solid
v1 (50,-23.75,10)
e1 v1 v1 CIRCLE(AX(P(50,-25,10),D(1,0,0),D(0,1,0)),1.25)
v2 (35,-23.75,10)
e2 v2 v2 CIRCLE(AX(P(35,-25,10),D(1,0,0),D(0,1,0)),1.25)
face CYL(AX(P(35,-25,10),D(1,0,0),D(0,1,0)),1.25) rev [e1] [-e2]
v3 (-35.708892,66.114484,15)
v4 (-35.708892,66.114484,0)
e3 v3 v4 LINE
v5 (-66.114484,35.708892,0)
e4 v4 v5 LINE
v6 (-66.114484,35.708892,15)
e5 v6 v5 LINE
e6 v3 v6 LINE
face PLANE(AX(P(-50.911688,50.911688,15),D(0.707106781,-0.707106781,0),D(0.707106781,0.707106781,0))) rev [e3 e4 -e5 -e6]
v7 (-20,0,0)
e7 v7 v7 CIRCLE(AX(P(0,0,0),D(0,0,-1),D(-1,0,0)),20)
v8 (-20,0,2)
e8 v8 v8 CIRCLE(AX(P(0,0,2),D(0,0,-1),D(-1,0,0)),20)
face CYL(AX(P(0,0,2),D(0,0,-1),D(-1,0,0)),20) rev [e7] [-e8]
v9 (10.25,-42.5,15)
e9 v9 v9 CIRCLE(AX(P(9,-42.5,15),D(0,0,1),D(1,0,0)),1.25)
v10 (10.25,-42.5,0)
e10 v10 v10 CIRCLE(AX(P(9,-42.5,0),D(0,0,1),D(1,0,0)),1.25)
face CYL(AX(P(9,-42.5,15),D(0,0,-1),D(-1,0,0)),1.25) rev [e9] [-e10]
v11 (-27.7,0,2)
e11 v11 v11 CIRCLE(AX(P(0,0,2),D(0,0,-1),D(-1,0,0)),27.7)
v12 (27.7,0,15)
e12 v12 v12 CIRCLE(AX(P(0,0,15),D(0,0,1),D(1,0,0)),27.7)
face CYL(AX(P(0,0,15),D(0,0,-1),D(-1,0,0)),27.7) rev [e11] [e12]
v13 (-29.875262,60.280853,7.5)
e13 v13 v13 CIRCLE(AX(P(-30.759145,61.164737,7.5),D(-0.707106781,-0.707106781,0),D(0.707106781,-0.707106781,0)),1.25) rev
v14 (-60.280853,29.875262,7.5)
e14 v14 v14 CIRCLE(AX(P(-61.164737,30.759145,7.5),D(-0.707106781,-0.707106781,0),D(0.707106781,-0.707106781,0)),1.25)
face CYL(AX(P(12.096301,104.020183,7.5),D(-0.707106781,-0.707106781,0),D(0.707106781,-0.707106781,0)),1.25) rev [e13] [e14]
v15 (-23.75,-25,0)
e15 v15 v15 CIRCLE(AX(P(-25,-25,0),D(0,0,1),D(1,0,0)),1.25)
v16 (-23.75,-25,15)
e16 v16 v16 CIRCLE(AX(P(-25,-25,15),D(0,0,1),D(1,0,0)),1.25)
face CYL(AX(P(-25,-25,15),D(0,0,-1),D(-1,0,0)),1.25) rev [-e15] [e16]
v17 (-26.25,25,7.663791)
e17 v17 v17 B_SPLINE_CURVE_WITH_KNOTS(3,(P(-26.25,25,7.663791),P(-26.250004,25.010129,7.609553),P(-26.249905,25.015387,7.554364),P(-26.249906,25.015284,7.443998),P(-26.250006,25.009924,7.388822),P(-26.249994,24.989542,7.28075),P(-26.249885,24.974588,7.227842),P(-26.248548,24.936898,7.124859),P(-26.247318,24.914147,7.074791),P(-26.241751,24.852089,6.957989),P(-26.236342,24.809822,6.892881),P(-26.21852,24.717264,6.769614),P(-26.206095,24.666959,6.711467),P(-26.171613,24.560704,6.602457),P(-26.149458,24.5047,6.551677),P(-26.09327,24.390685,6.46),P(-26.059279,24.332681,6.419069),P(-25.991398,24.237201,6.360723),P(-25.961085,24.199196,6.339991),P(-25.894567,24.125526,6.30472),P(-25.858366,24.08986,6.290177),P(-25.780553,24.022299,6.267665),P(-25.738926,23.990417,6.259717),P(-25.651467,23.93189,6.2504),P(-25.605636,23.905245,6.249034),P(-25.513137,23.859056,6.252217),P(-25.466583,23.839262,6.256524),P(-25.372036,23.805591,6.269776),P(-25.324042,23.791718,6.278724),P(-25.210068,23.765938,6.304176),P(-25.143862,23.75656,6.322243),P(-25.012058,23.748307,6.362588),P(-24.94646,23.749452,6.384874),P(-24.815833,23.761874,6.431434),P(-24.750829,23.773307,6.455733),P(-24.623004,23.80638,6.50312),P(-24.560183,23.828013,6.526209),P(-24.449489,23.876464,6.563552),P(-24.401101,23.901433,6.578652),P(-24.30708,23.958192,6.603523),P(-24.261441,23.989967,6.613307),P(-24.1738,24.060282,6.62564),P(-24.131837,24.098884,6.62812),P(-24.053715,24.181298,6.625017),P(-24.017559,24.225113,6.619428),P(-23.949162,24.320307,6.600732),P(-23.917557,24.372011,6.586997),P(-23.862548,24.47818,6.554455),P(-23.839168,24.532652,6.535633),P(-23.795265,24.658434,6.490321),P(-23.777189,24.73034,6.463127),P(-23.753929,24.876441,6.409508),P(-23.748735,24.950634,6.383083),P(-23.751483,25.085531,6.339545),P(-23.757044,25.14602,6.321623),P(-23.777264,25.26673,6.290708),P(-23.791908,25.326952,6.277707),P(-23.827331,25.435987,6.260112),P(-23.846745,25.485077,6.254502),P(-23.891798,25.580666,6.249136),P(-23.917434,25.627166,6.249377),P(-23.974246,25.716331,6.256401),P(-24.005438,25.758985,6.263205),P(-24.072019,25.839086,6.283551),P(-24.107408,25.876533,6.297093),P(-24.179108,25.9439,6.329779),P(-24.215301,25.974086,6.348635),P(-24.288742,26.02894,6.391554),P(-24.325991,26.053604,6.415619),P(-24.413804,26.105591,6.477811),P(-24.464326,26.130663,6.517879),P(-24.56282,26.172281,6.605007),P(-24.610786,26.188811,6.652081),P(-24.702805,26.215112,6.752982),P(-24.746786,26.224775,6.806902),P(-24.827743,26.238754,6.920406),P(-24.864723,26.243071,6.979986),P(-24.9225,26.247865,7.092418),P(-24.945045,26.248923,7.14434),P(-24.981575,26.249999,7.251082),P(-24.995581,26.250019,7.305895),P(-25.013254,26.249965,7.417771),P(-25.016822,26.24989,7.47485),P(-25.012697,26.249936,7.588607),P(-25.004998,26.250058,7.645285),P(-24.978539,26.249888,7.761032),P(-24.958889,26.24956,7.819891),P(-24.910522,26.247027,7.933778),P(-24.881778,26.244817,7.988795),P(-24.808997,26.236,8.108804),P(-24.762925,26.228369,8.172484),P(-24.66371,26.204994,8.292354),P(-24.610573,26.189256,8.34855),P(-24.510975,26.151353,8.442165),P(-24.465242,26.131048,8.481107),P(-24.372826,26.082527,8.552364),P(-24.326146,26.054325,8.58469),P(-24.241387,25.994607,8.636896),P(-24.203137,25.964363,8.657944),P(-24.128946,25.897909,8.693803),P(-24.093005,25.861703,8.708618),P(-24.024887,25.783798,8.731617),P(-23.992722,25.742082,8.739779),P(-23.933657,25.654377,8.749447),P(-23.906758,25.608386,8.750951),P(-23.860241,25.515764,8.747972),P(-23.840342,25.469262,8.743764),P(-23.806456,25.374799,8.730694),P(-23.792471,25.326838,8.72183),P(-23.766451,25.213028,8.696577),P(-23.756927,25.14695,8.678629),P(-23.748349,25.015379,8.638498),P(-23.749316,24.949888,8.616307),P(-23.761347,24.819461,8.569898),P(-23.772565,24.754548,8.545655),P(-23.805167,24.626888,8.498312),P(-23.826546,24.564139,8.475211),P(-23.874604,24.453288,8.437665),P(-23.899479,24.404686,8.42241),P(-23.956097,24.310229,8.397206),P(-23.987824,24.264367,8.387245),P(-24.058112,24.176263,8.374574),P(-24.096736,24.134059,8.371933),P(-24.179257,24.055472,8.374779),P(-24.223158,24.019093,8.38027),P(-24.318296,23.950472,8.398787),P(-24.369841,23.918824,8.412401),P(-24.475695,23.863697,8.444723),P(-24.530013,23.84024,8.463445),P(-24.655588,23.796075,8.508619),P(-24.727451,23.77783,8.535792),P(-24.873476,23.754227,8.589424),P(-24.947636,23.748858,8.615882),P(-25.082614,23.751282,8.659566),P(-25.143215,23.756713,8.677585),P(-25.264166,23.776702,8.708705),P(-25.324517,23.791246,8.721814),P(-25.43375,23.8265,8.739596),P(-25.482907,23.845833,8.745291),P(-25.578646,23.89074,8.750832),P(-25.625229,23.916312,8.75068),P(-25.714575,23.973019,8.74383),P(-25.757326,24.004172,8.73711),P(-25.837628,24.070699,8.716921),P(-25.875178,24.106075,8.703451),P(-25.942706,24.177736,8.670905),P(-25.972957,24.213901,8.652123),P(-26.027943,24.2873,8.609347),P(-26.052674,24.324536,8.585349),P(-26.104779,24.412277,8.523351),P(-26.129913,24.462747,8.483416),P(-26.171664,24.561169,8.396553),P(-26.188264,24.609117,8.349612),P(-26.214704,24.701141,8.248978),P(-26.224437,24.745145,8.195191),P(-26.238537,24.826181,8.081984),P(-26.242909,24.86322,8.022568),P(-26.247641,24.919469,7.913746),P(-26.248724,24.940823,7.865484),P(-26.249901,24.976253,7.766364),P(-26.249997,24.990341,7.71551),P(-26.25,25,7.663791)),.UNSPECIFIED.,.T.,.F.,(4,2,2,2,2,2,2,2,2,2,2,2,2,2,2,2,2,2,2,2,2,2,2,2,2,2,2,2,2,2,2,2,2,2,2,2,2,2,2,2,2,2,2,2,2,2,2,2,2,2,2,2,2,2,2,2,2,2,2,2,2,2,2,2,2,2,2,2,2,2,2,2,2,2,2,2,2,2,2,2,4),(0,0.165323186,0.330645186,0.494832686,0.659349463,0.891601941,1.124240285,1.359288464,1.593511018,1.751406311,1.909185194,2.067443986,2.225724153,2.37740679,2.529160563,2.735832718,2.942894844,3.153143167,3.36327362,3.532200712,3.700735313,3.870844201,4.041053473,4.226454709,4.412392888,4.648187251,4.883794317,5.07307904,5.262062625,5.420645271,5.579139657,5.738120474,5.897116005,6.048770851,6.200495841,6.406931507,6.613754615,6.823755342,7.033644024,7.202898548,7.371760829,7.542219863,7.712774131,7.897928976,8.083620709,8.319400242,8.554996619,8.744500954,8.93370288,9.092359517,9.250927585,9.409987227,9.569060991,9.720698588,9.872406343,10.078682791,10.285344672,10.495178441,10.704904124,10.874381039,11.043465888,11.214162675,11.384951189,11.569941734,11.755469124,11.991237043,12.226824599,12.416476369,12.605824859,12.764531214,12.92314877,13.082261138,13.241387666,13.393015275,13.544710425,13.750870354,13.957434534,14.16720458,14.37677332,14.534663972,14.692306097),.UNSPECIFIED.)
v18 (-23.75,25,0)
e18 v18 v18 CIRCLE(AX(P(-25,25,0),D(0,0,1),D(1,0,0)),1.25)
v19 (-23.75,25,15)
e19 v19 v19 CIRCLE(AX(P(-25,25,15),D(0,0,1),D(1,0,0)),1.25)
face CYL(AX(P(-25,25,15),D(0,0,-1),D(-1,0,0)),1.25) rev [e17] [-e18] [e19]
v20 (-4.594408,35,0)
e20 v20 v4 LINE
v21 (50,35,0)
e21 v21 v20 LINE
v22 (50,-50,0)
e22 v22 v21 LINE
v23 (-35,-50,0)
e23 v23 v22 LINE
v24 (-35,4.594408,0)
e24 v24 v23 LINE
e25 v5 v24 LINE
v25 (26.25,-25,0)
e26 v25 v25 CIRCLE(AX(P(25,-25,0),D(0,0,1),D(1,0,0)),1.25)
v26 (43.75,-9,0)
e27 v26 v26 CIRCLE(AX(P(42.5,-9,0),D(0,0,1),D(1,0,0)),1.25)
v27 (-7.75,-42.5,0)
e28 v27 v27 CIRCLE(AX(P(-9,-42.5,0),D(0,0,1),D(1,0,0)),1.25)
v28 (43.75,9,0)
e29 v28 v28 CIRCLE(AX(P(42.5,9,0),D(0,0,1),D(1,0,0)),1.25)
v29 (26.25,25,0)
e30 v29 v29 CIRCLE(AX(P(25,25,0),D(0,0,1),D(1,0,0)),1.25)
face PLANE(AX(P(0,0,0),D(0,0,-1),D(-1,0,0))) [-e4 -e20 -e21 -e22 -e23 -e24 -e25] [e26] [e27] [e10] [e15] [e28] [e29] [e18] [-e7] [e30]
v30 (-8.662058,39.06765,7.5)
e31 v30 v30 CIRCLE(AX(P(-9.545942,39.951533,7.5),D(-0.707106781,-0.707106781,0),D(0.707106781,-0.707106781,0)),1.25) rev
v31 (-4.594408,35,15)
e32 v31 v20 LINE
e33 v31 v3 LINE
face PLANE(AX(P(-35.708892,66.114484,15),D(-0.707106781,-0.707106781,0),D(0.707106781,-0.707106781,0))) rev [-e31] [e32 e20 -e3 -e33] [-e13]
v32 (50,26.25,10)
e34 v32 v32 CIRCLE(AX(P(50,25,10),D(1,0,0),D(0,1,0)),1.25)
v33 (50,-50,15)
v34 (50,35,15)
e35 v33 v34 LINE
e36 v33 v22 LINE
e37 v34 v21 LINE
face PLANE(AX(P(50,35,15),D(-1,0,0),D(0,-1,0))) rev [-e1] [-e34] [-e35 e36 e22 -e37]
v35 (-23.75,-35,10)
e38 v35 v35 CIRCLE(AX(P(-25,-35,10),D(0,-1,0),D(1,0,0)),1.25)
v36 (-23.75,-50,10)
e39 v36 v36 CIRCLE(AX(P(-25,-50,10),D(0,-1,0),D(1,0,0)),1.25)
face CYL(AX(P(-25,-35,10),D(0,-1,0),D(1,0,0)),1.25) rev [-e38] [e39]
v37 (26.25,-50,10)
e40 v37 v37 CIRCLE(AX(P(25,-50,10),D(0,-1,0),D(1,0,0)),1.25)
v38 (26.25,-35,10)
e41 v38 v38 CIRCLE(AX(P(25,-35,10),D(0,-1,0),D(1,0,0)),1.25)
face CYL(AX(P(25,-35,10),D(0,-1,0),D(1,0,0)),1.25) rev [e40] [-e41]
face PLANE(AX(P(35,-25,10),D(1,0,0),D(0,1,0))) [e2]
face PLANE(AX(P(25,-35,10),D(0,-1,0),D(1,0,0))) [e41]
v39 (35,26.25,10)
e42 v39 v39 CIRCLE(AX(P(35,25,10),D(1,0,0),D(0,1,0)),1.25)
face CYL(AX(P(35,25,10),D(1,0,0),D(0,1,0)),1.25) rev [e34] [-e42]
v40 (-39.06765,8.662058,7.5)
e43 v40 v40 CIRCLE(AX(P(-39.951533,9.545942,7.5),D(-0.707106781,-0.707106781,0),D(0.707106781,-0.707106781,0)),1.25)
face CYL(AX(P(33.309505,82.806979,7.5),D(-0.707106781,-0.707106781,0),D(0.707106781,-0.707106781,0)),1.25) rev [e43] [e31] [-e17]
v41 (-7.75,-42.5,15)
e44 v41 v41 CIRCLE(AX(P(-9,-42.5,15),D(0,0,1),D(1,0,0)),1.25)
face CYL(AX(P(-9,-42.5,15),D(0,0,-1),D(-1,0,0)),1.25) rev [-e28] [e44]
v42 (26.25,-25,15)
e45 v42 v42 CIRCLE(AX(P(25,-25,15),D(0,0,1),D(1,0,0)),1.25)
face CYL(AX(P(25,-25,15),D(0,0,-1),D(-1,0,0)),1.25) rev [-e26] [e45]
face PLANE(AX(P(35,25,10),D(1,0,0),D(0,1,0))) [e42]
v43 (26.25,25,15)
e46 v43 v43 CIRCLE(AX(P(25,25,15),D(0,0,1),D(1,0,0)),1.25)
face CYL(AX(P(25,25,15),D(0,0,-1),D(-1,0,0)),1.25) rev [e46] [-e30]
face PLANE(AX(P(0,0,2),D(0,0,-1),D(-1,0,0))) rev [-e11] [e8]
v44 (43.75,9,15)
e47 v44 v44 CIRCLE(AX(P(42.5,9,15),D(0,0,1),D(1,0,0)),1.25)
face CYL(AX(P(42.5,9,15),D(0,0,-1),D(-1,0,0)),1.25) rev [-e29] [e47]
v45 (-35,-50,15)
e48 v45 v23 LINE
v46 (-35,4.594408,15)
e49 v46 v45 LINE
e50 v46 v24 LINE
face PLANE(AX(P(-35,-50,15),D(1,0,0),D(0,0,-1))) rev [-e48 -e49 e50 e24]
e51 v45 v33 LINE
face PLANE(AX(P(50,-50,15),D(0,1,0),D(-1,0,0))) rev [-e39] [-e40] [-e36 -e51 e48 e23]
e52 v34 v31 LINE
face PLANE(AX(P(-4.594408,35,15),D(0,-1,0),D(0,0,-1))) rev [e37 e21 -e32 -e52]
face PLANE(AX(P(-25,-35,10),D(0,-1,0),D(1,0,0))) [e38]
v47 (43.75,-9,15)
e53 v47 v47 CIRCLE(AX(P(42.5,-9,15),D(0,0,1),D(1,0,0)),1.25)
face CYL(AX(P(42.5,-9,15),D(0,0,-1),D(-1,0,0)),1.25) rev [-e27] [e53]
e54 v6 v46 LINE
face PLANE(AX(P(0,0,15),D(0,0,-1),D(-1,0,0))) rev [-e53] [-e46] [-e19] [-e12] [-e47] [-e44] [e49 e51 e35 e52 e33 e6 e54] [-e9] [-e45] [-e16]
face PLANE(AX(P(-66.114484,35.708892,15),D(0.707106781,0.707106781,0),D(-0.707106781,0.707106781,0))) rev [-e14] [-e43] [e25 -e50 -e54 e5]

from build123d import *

# Parameters (mm, degrees)
SKETCH1_R           = 27.7
SKETCH1_R_2         = 1.25
BOSS_EXTRUDE1_DEPTH = 15
CUT_EXTRUDE1_REACH  = 107.304
SKETCH2_R           = 1.25
SKETCH6_R           = 27.7
SKETCH6_R_2         = 20
BOSS_EXTRUDE4_DEPTH = 2
SKETCH7_R           = 1.25
CUT_EXTRUDE2_DEPTH  = 15
SKETCH8_R           = 1.25
CUT_EXTRUDE3_DEPTH  = 15


with BuildPart() as part:
    # Sketch1 → Boss-Extrude1 (new body)
    with BuildSketch(Plane.XY):
        Polygon((50, 35), (50, -50), (-35, -50), (-35, 4.594408409), (-66.114484041, 35.70889245), (-50.911688245, 50.911688245), (-35.70889245, 66.114484041), (-4.594408409, 35), align=None)
        Circle(SKETCH1_R, mode=Mode.SUBTRACT)
        with Locations((-25, 25)):
            Circle(SKETCH1_R_2, mode=Mode.SUBTRACT)
        with Locations((25, 25)):
            Circle(SKETCH1_R_2, mode=Mode.SUBTRACT)
        with Locations((25, -25)):
            Circle(SKETCH1_R_2, mode=Mode.SUBTRACT)
        with Locations((-25, -25)):
            Circle(SKETCH1_R_2, mode=Mode.SUBTRACT)
        with Locations((42.5, 9)):
            Circle(SKETCH1_R_2, mode=Mode.SUBTRACT)
        with Locations((42.5, -9)):
            Circle(SKETCH1_R_2, mode=Mode.SUBTRACT)
        with Locations((9, -42.5)):
            Circle(SKETCH1_R_2, mode=Mode.SUBTRACT)
        with Locations((-9, -42.5)):
            Circle(SKETCH1_R_2, mode=Mode.SUBTRACT)
    extrude(amount=BOSS_EXTRUDE1_DEPTH)

    # Sketch2 → Cut-Extrude1 (cut, up to next)
    with BuildSketch(Plane(origin=(-15.202795796, -15.202795796, 0), x_dir=(0, 0, 1), z_dir=(-0.7071067811865472, -0.7071067811865478, 0)), mode=Mode.PRIVATE) as cut_extrude1_sk1:
        with Locations(Location((7.5, 65, 0), (0, 0, 270))):
            Circle(SKETCH2_R)
    cut_extrude1_tool1 = extrude(cut_extrude1_sk1.sketch, amount=-CUT_EXTRUDE1_REACH, mode=Mode.PRIVATE) & part.part
    # Sketch2 → Cut-Extrude1 (cut, up to next)
    with BuildSketch(Plane(origin=(-15.202795796, -15.202795796, 0), x_dir=(0, 0, 1), z_dir=(-0.7071067811865472, -0.7071067811865478, 0)), mode=Mode.PRIVATE) as cut_extrude1_sk2:
        with Locations(Location((7.5, 35, 0), (0, 0, 270))):
            Circle(SKETCH2_R)
    cut_extrude1_tool2 = extrude(cut_extrude1_sk2.sketch, amount=-CUT_EXTRUDE1_REACH, mode=Mode.PRIVATE) & part.part
    add(cut_extrude1_tool1.solids().sort_by_distance((-61.164737, 30.759145, 7.5))[0], mode=Mode.SUBTRACT)
    add(cut_extrude1_tool2.solids().sort_by_distance((-39.951533, 9.545942, 7.5))[0], mode=Mode.SUBTRACT)

    # Sketch6 → Boss-Extrude4 (add)
    with BuildSketch(Plane(origin=(0, 0, 0), x_dir=(-1, 0, 0), z_dir=(0, 0, -1))):
        Circle(SKETCH6_R)
        Circle(SKETCH6_R_2, mode=Mode.SUBTRACT)
    extrude(amount=-BOSS_EXTRUDE4_DEPTH)

    # Sketch7 → Cut-Extrude2 (cut)
    with BuildSketch(Plane.XZ.offset(50)):
        with Locations((25, 10)):
            Circle(SKETCH7_R)
        with Locations((-25, 10)):
            Circle(SKETCH7_R)
    extrude(amount=-CUT_EXTRUDE2_DEPTH, mode=Mode.SUBTRACT)

    # Sketch8 → Cut-Extrude3 (cut)
    with BuildSketch(Plane(origin=(50, 0, 0), x_dir=(0, 0, -1), z_dir=(1, 0, 0))):
        with Locations(Location((-10, -25, 0), (0, 0, 90))):
            Circle(SKETCH8_R)
        with Locations(Location((-10, 25, 0), (0, 0, 90))):
            Circle(SKETCH8_R)
    extrude(amount=-CUT_EXTRUDE3_DEPTH, mode=Mode.SUBTRACT)


solid = part.part
